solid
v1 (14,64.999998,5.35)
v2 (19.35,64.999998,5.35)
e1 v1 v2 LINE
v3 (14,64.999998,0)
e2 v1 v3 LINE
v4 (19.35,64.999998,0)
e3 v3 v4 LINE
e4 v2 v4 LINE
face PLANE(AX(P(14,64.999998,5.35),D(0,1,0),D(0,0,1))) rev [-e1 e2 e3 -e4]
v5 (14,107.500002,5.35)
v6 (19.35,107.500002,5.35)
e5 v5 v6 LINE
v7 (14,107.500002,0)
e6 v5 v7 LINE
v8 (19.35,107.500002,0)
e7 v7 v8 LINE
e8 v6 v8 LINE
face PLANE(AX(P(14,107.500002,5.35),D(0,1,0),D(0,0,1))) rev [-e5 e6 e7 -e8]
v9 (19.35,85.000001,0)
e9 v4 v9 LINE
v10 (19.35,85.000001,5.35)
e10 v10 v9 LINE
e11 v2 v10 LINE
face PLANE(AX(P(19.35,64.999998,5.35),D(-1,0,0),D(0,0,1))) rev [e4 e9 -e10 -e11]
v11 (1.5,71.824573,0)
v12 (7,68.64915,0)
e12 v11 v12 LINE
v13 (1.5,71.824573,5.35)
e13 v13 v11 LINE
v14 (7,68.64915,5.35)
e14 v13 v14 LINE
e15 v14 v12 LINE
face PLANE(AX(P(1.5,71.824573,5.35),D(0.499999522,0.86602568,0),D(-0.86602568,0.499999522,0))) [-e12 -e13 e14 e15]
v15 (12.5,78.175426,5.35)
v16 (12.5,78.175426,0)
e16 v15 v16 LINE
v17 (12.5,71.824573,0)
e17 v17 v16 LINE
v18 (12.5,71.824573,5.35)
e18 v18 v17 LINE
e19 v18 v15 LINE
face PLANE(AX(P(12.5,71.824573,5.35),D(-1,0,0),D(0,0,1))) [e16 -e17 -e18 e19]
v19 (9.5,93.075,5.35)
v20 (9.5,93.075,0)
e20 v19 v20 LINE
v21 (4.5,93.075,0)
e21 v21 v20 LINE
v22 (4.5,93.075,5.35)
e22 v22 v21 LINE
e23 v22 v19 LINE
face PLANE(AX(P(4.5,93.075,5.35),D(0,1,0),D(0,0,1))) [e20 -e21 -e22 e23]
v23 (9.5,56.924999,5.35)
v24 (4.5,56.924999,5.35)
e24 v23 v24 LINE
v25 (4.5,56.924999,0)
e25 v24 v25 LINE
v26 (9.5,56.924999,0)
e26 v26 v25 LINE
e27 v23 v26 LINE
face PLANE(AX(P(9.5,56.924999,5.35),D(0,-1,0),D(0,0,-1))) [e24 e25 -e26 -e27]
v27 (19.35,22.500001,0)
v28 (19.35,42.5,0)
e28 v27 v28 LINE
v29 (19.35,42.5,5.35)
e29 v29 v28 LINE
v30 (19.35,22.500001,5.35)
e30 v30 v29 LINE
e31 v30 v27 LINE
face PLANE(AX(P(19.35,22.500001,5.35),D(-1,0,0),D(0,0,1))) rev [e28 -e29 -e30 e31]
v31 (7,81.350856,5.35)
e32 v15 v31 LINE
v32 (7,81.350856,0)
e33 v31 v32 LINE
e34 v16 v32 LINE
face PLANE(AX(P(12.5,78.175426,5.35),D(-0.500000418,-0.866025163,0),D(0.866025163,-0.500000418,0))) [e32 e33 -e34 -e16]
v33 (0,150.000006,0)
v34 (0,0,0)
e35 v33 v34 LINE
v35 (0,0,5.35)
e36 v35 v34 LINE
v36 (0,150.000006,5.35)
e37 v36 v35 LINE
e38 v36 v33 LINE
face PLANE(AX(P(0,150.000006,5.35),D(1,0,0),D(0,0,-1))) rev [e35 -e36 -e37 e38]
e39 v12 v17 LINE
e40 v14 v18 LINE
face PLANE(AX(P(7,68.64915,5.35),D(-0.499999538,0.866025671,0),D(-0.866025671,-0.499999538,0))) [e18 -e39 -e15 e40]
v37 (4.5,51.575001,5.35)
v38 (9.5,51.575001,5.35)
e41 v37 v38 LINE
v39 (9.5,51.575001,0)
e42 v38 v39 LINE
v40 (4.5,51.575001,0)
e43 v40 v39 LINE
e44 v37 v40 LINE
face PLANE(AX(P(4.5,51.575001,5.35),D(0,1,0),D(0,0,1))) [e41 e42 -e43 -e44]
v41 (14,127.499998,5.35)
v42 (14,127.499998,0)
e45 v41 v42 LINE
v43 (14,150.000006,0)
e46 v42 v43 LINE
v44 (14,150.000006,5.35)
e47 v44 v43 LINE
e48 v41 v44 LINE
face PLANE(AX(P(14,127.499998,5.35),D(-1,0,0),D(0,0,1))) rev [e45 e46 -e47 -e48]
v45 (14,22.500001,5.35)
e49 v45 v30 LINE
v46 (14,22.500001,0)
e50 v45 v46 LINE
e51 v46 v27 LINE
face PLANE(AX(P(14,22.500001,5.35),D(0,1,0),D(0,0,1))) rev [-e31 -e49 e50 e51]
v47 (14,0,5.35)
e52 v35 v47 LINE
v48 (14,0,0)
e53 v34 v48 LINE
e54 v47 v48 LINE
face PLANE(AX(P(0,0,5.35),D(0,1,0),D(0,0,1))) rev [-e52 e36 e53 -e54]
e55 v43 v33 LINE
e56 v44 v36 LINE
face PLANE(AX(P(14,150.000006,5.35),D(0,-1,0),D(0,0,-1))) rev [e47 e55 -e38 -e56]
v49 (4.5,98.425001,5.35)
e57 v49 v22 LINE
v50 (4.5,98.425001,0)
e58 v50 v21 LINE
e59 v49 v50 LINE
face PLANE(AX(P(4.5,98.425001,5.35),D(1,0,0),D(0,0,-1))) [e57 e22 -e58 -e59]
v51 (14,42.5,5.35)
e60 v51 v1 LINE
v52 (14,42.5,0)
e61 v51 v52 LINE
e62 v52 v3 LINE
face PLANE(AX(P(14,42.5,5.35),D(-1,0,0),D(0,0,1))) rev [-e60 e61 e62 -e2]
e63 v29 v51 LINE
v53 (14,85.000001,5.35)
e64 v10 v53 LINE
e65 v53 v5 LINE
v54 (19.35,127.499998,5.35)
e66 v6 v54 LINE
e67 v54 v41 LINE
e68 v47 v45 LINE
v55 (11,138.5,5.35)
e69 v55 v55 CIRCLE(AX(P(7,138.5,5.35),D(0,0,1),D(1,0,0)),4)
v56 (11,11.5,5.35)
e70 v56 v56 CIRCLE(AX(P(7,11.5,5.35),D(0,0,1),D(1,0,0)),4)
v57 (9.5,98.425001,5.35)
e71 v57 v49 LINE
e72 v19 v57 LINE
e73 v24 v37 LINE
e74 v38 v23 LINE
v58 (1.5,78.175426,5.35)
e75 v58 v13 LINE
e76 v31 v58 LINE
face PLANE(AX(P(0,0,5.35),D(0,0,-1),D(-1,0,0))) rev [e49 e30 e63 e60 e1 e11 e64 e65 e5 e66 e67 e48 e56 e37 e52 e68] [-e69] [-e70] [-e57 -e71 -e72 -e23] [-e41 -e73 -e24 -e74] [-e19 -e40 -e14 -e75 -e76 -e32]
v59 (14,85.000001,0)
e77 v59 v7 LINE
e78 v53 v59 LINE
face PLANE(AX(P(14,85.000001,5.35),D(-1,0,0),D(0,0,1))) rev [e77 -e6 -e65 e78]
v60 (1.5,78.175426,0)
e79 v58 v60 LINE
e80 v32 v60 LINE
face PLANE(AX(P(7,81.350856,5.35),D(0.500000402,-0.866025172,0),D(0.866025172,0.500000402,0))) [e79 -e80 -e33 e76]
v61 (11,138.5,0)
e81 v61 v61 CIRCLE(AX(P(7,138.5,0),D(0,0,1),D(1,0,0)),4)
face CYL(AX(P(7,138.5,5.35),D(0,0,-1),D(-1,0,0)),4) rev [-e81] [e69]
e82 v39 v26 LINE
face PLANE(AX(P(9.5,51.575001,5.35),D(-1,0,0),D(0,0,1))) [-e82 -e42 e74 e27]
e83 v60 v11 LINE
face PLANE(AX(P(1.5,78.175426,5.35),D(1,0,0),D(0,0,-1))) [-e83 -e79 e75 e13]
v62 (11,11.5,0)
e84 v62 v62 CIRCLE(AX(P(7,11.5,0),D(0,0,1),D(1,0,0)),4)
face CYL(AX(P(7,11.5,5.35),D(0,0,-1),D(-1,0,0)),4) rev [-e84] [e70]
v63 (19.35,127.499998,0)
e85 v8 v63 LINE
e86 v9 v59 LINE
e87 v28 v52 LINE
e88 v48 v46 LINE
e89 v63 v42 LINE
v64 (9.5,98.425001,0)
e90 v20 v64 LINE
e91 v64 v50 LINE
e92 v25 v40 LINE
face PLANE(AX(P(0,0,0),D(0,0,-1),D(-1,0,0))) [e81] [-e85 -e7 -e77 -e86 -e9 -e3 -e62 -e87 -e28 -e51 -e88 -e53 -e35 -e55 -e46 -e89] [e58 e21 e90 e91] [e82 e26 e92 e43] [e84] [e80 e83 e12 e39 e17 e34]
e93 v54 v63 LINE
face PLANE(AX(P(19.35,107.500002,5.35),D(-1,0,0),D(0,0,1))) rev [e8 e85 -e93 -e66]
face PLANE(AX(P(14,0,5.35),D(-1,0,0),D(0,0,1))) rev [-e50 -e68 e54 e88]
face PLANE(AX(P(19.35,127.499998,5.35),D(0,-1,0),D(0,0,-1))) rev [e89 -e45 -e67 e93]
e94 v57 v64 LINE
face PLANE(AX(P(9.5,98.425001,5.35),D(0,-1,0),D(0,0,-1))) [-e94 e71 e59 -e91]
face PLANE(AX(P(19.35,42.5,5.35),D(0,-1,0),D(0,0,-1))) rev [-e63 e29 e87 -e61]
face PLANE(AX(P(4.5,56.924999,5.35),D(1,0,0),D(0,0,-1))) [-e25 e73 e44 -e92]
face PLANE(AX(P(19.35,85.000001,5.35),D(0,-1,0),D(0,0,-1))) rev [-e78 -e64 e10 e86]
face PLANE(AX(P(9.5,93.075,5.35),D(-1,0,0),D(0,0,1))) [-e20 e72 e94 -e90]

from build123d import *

# Parameters (mm, degrees)
MODEL_R             = 4
MODEL_W             = 4.999999889
MODEL_H             = 5.349997431
MODEL_H_2           = 5.350001156
BOSS_EXTRUDE1_DEPTH = 5.35


with BuildPart() as part:
    # Model → Boss-Extrude1 (new body)
    with BuildSketch(Plane.XY):
        Polygon((14.000000432, 127.499997616), (14.000000432, 150.00000596), (0, 150.00000596), (0, 0), (14.000000432, 0), (14.000000432, 22.500000894), (19.349999726, 22.500000894), (19.349999726, 42.500000447), (14.000000432, 42.500000447), (14.000000432, 64.999997616), (19.349999726, 64.999997616), (19.349999726, 85.000000894), (14.000000432, 85.000000894), (14.000000432, 107.500001788), (19.349999726, 107.500001788), (19.349999726, 127.499997616), align=None)
        with Locations((7, 11.5)):
            Circle(MODEL_R, mode=Mode.SUBTRACT)
        with Locations((7, 138.5)):
            Circle(MODEL_R, mode=Mode.SUBTRACT)
        with Locations((6.999999751, 54.250000044)):
            Rectangle(MODEL_W, MODEL_H, mode=Mode.SUBTRACT)
        with Locations((6.999999751, 95.750000328)):
            Rectangle(MODEL_W, MODEL_H_2, mode=Mode.SUBTRACT)
        Polygon((1.500000013, 71.82457298), (7.000000216, 68.649150431), (12.500000186, 71.82457298), (12.500000186, 78.175425529), (7.000000216, 81.350855529), (1.500000013, 78.175425529), align=None, mode=Mode.SUBTRACT)
    extrude(amount=BOSS_EXTRUDE1_DEPTH)


solid = part.part
